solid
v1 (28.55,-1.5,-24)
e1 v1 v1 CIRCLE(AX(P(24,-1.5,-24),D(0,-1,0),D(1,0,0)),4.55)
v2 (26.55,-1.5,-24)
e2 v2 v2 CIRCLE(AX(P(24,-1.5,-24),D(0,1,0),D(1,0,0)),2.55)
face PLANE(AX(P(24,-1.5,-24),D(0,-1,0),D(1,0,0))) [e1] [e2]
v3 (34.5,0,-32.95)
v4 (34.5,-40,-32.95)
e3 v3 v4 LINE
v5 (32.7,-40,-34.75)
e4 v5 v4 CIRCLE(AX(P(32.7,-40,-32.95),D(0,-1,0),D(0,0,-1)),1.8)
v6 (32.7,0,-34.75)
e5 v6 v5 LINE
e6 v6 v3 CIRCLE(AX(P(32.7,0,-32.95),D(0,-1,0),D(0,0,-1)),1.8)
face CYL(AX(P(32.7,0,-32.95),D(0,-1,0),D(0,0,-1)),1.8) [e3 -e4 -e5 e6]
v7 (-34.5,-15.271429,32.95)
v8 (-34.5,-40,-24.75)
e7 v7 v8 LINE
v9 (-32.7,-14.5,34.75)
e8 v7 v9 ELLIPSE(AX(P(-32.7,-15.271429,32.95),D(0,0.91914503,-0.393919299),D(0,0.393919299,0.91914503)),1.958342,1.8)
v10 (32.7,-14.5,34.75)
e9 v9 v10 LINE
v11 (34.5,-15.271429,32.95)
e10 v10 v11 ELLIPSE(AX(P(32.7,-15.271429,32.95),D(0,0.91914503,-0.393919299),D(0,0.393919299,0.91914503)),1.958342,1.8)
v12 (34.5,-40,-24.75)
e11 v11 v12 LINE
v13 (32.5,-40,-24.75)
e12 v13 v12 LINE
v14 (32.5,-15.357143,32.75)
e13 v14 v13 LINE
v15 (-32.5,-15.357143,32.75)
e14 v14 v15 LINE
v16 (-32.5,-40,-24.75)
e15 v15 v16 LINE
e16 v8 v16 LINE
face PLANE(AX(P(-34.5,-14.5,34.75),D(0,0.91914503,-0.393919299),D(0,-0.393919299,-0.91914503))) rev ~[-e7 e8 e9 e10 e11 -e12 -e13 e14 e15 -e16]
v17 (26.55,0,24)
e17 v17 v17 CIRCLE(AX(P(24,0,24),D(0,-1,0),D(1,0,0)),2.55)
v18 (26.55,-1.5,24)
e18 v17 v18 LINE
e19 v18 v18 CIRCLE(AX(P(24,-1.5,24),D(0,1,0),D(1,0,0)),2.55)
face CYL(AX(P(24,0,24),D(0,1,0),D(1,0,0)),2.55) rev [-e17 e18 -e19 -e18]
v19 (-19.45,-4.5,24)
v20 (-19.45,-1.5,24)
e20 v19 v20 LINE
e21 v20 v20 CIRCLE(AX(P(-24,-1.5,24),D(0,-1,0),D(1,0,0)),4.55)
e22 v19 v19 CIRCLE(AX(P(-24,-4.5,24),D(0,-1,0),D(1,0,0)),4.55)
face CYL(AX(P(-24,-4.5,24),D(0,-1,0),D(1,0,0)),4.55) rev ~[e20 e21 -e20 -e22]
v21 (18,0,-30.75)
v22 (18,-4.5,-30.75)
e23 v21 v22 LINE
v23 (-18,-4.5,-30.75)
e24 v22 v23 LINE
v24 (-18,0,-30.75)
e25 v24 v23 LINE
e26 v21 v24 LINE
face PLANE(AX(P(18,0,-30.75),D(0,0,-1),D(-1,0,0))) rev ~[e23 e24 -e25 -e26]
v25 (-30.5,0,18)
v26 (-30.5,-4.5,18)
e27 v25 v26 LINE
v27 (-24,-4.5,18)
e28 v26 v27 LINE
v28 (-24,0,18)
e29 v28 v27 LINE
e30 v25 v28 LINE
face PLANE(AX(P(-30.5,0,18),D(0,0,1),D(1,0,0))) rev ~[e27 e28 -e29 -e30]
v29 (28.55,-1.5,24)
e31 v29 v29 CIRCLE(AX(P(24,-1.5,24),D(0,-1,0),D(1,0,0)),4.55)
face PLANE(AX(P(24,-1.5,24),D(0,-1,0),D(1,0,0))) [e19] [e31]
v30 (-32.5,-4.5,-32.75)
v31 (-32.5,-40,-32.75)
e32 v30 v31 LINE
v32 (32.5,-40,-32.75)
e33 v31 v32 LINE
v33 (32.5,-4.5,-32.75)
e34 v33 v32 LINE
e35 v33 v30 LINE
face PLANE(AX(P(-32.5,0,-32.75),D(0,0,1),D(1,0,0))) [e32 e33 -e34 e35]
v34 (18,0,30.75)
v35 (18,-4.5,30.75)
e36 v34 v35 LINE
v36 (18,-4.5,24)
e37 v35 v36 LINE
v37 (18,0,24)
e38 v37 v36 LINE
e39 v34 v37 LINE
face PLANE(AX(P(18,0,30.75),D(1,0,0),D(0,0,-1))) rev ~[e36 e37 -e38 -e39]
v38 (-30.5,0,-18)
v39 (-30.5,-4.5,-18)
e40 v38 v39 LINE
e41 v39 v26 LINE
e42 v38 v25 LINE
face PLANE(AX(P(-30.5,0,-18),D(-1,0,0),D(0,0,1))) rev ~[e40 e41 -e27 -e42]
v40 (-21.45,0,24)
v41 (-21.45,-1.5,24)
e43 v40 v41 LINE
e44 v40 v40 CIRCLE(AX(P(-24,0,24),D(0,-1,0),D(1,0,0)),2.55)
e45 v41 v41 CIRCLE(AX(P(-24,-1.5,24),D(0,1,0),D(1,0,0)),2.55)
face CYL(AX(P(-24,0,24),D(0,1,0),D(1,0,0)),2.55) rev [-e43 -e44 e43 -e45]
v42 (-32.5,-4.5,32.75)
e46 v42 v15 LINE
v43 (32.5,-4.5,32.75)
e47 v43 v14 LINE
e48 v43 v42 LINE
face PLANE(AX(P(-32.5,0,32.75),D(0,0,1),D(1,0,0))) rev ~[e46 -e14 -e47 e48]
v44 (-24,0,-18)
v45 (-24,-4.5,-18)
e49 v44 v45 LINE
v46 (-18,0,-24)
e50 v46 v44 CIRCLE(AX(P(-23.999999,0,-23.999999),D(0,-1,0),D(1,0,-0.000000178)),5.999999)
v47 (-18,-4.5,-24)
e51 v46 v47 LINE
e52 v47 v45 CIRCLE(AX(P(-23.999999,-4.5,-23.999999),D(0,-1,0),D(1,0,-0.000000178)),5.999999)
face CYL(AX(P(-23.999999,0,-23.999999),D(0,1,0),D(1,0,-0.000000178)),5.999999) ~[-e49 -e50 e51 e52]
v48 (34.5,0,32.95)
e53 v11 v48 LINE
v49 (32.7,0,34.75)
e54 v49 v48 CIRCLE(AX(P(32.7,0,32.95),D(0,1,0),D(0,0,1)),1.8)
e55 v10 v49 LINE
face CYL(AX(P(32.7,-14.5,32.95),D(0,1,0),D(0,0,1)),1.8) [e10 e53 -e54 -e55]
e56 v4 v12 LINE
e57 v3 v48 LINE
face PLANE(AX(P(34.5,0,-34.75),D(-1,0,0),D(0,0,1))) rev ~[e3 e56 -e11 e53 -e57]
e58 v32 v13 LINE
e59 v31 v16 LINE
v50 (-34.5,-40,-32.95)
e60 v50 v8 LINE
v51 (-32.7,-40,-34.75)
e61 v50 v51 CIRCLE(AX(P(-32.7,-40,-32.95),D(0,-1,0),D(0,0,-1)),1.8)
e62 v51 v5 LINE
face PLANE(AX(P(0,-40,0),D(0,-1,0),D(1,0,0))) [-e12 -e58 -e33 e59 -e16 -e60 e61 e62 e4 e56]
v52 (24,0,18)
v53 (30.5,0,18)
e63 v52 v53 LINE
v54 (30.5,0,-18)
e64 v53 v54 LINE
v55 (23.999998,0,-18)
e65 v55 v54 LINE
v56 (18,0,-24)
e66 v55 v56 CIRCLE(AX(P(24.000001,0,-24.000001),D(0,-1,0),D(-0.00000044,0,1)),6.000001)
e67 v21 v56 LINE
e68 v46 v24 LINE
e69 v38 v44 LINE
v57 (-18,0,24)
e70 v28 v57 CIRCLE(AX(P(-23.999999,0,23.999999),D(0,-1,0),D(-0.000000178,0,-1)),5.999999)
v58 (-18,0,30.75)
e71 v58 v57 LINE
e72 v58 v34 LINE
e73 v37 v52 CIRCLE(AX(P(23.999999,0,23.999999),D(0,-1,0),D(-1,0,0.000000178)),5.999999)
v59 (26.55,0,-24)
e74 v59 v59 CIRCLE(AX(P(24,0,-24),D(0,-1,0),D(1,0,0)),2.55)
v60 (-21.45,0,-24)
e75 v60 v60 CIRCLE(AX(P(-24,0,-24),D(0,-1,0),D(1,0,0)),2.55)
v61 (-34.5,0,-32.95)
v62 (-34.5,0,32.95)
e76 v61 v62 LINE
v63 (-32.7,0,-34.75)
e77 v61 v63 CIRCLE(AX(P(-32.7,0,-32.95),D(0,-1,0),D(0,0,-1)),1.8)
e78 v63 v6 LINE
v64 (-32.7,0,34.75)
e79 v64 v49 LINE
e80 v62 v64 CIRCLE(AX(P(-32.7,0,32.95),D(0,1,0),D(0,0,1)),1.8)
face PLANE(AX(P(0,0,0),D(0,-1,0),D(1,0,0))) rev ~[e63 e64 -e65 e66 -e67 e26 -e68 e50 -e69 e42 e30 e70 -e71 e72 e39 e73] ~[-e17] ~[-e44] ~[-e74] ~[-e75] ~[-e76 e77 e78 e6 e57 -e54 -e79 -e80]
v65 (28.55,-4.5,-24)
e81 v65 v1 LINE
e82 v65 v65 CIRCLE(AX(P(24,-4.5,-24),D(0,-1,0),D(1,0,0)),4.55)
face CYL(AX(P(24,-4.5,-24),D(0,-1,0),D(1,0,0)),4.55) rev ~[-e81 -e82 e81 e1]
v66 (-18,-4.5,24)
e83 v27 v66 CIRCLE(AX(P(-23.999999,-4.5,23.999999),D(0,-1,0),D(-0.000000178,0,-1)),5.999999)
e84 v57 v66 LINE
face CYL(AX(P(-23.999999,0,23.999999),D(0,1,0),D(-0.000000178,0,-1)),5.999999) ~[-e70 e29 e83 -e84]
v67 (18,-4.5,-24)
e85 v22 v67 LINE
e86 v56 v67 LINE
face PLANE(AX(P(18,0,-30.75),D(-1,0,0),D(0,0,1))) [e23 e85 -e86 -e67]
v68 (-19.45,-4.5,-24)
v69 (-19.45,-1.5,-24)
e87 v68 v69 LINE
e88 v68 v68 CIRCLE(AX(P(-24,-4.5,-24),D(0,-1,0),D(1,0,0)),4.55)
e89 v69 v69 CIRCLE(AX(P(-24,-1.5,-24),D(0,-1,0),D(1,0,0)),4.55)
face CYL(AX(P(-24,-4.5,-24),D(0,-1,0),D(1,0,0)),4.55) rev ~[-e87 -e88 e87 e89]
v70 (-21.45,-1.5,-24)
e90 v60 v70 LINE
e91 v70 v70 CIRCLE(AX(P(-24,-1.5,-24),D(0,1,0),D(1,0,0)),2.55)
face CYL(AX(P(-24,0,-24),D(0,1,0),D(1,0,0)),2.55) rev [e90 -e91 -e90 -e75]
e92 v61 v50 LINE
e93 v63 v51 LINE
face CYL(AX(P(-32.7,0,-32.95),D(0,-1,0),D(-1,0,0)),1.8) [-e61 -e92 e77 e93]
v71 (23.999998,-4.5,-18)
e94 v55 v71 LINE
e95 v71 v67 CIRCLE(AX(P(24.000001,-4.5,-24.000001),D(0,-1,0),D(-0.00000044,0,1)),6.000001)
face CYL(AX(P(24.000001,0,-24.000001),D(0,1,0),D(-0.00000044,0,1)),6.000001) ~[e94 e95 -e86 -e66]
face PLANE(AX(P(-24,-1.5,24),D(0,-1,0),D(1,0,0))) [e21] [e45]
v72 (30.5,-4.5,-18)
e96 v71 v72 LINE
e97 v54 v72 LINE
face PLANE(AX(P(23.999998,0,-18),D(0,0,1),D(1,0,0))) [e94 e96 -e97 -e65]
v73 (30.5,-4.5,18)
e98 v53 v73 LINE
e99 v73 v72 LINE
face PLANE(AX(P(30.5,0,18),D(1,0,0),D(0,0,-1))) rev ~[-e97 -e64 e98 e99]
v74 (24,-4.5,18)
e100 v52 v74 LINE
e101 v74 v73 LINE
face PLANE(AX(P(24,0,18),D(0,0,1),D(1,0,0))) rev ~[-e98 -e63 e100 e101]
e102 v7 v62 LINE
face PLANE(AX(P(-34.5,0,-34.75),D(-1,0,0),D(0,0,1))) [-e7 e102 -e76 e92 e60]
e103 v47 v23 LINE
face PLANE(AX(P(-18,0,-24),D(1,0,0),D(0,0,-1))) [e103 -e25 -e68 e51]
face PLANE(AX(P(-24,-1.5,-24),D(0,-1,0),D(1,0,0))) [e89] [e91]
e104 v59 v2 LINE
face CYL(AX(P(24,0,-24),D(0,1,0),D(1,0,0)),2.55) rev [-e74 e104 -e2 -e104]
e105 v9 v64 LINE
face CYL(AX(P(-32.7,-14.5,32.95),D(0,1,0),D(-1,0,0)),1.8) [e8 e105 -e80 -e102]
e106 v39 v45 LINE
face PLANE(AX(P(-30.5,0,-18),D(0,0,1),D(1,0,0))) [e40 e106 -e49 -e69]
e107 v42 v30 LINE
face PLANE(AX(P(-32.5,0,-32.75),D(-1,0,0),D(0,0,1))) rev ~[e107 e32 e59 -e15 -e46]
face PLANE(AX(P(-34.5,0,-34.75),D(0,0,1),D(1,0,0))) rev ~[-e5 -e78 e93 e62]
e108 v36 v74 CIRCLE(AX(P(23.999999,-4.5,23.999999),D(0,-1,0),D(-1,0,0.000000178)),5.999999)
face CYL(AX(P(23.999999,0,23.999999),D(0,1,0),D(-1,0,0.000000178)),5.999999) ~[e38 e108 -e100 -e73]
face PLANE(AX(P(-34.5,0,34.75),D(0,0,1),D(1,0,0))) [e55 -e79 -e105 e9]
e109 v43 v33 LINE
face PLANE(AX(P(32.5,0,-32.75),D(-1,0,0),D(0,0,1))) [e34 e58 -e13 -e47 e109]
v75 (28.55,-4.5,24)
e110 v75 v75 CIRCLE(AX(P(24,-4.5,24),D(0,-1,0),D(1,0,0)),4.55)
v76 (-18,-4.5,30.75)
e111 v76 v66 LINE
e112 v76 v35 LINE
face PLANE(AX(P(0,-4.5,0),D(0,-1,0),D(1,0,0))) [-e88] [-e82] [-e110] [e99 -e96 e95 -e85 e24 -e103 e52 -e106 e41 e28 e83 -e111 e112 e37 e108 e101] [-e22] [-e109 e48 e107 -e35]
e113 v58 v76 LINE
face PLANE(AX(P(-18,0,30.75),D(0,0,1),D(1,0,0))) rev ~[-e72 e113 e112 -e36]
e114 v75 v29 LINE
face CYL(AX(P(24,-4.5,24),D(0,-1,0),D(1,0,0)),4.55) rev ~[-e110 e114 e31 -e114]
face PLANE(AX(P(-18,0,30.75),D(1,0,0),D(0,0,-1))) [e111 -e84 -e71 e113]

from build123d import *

# Parameters (mm, degrees)
SKETCH_W        = 69
SKETCH_H        = 69.5
SKETCH_R        = 2.55
PAD_DEPTH       = 4.5
SKETCH001_W     = 69
SKETCH001_H     = 69.5
SKETCH001_W_2   = 65
SKETCH001_H_2   = 65.5
PAD001_DEPTH    = 40
POCKET_DEPTH    = 69.001
SKETCH003_R     = 4.55
POCKET001_DEPTH = 3
FILLET_R        = 1.8


with BuildPart() as part:
    # Sketch → Pad (new body)
    with BuildSketch(Plane.XZ):
        Rectangle(SKETCH_W, SKETCH_H)
        with Locations((-24, 24)):
            Circle(SKETCH_R, mode=Mode.SUBTRACT)
        with Locations((24, 24)):
            Circle(SKETCH_R, mode=Mode.SUBTRACT)
        with Locations((-24, -24)):
            Circle(SKETCH_R, mode=Mode.SUBTRACT)
        with Locations((24, -24)):
            Circle(SKETCH_R, mode=Mode.SUBTRACT)
        with BuildLine():
            Line((-18, 30.75), (18, 30.75))
            Line((18, 30.75), (18, 24))
            ThreePointArc((18, 24), (19.757359, 19.757359), (24, 18))
            Line((24, 18), (30.5, 18))
            Line((30.5, 18), (30.5, -18))
            Line((23.999998, -18), (30.5, -18))
            ThreePointArc((23.999998, -18), (19.757359, -19.75736), (18, -24))
            Line((18, -30.75), (18, -24))
            Line((18, -30.75), (-18, -30.75))
            Line((-18, -24), (-18, -30.75))
            ThreePointArc((-18, -24), (-19.757359, -19.757359), (-24, -18))
            Line((-30.5, -18), (-24, -18))
            Line((-30.5, -18), (-30.5, 18))
            Line((-30.5, 18), (-24, 18))
            ThreePointArc((-24, 18), (-19.757359, 19.757359), (-18, 24))
            Line((-18, 30.75), (-18, 24))
        make_face(mode=Mode.SUBTRACT)
    extrude(amount=PAD_DEPTH)

    # Sketch001 → Pad001 (join)
    with BuildSketch(Plane.XZ):
        Rectangle(SKETCH001_W, SKETCH001_H)
        Rectangle(SKETCH001_W_2, SKETCH001_H_2, mode=Mode.SUBTRACT)
    extrude(amount=PAD001_DEPTH)

    # Sketch002 (on Face7 of Pad001) → Pocket (cut, through all)
    with BuildSketch(Plane(origin=(-34.5, 0, 0), x_dir=(0, 0, -1), z_dir=(-1, 0, 0))):
        Polygon((-34.75, 14.5), (24.75, 40), (-34.75, 40), align=None)
    extrude(amount=-POCKET_DEPTH, mode=Mode.SUBTRACT)

    # Sketch003 (on Face37 of Pocket) → Pocket001 (cut)
    with BuildSketch(Plane.XZ.offset(4.5)):
        with Locations((-24, 24)):
            Circle(SKETCH003_R)
        with Locations((24, 24)):
            Circle(SKETCH003_R)
        with Locations((-24, -24)):
            Circle(SKETCH003_R)
        with Locations((24, -24)):
            Circle(SKETCH003_R)
    extrude(amount=-POCKET001_DEPTH, mode=Mode.SUBTRACT)

    # Fillet
    fillet_edges = [part.edges().sort_by_distance(p)[0] for p in [
        (-34.5, -9.5, 34.75),
        (-34.5, -2.25, 34.75),
        (-34.5, -2.25, -34.75),
        (-34.5, -22.25, -34.75),
        (34.5, -22.25, -34.75),
        (34.5, -2.25, -34.75),
        (34.5, -9.5, 34.75),
        (34.5, -2.25, 34.75),
    ]]
    fillet(fillet_edges, radius=FILLET_R)


solid = part.part
